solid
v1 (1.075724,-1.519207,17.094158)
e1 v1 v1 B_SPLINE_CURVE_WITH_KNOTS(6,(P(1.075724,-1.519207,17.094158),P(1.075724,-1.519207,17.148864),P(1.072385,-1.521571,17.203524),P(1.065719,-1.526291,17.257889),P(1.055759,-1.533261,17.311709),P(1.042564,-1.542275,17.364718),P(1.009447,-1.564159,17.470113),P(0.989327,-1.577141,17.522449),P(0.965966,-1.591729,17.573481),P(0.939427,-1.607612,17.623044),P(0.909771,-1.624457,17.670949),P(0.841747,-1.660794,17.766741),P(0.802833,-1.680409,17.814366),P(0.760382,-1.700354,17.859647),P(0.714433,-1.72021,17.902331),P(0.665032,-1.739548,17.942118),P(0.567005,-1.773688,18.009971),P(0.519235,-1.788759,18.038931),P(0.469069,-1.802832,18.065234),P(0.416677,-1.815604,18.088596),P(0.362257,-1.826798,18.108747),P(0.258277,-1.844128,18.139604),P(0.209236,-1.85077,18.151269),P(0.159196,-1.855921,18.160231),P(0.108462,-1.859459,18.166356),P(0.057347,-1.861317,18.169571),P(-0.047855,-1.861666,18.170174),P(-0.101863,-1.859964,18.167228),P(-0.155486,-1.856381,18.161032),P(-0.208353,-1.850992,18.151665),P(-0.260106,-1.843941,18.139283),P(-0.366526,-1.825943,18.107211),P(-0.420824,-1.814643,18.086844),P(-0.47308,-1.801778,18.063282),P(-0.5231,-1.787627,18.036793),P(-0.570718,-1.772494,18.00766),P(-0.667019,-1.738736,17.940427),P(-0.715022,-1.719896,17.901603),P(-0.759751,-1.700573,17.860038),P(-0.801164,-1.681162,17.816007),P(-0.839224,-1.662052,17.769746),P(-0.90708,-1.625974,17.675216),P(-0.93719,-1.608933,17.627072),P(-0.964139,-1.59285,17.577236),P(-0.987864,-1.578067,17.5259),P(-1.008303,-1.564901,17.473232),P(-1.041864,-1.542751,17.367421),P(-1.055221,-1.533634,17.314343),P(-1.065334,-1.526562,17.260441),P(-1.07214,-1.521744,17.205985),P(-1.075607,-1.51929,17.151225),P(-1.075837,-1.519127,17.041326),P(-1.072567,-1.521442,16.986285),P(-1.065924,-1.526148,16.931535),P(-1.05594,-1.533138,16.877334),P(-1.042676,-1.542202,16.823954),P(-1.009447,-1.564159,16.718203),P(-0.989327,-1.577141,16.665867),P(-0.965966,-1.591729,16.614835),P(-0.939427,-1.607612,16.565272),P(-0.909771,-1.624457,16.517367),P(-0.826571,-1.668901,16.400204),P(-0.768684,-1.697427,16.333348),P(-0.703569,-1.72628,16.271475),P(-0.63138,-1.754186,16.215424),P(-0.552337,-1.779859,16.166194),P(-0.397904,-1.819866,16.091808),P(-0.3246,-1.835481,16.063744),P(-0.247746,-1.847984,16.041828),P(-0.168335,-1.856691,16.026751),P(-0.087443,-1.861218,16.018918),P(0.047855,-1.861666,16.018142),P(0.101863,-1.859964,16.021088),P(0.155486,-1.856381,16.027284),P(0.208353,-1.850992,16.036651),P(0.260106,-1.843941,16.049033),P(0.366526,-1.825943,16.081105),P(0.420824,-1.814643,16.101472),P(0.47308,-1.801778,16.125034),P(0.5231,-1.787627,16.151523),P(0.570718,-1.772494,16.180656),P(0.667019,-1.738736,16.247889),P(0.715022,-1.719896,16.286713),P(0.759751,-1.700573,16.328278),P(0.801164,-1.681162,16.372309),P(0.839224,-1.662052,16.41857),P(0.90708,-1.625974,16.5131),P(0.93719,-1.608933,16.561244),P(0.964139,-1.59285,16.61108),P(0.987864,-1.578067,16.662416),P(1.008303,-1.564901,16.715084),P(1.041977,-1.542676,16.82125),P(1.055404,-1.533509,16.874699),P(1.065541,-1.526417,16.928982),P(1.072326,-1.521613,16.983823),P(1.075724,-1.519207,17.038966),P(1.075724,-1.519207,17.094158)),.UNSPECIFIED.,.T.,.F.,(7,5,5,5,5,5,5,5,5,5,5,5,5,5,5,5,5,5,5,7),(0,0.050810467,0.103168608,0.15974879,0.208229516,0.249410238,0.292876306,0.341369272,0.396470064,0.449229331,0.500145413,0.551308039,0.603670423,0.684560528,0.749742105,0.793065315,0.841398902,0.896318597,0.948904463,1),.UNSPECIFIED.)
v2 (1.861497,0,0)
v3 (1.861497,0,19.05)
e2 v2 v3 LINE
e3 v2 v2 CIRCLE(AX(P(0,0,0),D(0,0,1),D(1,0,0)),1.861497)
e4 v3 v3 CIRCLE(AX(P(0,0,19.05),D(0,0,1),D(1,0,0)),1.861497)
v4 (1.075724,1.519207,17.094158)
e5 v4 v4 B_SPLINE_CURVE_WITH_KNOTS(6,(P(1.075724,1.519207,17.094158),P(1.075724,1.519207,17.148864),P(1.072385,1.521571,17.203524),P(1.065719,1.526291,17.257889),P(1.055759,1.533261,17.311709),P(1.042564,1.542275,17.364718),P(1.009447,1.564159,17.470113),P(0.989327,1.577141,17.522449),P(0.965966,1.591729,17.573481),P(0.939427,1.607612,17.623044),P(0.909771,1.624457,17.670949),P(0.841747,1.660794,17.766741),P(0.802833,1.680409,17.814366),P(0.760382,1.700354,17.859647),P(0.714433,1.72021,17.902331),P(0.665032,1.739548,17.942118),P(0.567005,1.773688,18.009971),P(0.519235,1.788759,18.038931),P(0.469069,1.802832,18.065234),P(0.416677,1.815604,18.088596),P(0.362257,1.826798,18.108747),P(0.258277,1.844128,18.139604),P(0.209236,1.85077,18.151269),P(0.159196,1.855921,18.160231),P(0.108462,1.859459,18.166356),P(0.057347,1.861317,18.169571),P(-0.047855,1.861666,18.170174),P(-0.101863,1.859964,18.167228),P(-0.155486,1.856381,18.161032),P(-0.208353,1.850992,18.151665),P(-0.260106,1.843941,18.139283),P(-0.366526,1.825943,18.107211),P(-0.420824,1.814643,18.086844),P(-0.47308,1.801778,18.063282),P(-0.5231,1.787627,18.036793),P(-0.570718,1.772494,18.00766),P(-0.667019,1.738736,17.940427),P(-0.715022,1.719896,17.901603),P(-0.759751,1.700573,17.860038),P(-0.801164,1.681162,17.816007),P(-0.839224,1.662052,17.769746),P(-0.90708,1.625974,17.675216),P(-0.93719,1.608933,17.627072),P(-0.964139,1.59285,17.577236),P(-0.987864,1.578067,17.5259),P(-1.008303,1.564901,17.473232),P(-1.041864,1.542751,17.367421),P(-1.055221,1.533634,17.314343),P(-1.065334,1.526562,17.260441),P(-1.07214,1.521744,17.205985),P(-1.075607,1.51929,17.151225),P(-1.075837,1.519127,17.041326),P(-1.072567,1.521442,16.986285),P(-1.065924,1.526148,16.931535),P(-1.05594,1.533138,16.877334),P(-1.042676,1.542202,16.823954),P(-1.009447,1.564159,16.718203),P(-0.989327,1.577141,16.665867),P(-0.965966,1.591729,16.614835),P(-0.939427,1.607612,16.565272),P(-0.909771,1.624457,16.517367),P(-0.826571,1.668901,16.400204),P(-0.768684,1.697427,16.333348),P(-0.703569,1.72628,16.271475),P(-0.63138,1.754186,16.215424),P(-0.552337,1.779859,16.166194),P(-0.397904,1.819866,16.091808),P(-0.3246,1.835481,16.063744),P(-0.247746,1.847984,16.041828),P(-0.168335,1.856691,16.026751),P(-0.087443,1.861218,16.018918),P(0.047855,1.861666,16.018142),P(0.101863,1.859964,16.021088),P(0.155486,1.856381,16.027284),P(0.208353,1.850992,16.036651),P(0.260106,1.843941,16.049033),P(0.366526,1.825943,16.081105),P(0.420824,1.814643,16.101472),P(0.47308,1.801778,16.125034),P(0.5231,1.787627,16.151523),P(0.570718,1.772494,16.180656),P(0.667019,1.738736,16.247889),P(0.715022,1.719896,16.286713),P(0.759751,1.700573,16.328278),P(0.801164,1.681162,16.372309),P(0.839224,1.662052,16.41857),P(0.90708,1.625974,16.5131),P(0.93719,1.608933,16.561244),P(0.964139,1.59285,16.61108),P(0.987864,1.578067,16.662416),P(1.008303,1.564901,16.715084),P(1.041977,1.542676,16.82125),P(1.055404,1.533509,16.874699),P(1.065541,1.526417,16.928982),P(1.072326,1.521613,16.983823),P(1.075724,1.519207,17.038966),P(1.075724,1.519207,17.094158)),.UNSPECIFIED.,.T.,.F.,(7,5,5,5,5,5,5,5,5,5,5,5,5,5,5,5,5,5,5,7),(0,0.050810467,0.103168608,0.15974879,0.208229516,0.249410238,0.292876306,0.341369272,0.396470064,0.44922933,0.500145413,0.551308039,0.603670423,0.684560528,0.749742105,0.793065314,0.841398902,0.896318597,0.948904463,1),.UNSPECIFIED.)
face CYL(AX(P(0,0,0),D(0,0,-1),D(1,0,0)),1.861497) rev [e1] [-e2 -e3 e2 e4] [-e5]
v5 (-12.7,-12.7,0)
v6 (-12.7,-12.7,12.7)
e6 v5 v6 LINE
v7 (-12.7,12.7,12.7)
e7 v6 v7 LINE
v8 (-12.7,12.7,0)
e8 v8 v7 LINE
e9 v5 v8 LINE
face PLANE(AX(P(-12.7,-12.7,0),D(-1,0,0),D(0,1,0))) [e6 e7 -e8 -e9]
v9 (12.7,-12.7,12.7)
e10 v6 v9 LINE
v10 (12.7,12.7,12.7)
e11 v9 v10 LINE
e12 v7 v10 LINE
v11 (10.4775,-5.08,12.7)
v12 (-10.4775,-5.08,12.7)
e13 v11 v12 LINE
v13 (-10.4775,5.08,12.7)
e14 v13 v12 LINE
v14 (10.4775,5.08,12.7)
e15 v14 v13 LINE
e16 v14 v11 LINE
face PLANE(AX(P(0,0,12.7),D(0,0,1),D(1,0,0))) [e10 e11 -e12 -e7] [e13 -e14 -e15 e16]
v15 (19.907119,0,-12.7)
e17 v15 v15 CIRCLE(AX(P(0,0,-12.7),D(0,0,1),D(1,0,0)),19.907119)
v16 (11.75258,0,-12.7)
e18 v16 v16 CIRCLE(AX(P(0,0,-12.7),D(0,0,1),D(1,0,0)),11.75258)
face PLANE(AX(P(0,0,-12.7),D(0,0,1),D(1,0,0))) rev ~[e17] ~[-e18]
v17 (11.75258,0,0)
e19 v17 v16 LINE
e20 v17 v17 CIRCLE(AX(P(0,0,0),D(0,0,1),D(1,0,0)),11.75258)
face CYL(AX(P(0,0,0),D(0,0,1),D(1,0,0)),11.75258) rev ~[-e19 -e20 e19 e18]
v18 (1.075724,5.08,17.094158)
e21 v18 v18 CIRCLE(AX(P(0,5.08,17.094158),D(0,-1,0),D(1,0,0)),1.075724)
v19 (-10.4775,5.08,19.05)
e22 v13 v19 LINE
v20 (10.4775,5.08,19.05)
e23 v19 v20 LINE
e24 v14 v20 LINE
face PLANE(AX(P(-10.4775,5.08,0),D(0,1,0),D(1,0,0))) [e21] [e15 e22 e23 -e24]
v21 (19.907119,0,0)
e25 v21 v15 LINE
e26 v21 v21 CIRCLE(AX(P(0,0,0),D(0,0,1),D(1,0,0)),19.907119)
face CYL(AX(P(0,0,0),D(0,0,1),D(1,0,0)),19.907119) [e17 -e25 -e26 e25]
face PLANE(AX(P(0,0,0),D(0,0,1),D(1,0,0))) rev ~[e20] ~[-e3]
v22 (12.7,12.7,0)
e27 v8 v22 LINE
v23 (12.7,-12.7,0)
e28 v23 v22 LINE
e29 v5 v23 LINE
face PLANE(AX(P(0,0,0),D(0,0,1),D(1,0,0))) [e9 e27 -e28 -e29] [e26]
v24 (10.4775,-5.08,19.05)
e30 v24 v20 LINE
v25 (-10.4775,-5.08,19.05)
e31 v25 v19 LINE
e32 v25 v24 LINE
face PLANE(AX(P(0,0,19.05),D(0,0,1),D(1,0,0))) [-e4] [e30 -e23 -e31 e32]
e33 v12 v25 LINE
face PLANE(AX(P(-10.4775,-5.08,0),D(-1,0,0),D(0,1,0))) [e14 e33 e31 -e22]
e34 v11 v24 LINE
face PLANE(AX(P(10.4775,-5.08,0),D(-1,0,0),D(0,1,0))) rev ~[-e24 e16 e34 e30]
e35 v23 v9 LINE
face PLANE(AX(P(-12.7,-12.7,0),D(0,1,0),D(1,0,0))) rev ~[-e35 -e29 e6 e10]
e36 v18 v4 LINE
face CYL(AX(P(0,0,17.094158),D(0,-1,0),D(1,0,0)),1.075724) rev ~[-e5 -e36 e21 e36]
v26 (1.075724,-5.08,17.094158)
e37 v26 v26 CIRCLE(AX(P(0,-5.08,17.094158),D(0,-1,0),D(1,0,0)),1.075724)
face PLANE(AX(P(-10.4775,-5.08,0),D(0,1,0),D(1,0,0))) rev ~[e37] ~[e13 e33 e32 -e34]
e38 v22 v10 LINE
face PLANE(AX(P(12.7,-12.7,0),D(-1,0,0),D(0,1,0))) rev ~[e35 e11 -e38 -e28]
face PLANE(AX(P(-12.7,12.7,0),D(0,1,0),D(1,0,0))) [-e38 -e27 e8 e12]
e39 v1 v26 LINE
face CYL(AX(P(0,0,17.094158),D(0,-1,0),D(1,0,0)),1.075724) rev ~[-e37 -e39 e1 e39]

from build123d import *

# Parameters (mm, degrees)
F1_R      = 19.907119
F2_DEPTH  = 12.7
F0_R      = 11.75258
F3_DEPTH  = 12.7
F4_W      = 25.4
F4_H      = 25.4
F5_DEPTH  = 12.7
F6_W      = 20.955
F6_H      = 10.16
F7_DEPTH  = 19.05
F8_R      = 1.075724
F9_DEPTH  = 5.715
F10_R     = 1.861497
F11_DEPTH = 19.05


with BuildPart() as f2:
    # F1 (on Top) → F2 (new body)
    with BuildSketch(Plane.XY):
        Circle(F1_R)
    extrude(amount=-F2_DEPTH)

    # F0 (on Top) → F3 (cut)
    with BuildSketch(Plane.XY):
        Circle(F0_R)
    extrude(amount=-F3_DEPTH, mode=Mode.SUBTRACT)

    # F4 (on Top) → F5 (join)
    with BuildSketch(Plane.XY):
        Rectangle(F4_W, F4_H)
    extrude(amount=F5_DEPTH)

    # F6 (on Top) → F7 (join)
    with BuildSketch(Plane.XY):
        Rectangle(F6_W, F6_H)
    extrude(amount=F7_DEPTH)

    # F8 (on Front) → F9 (cut, symmetric)
    with BuildSketch(Plane.XZ):
        with Locations((0, 17.094158)):
            Circle(F8_R)
    extrude(amount=F9_DEPTH, both=True, mode=Mode.SUBTRACT)

    # F10 (on Top) → F11 (cut)
    with BuildSketch(Plane.XY):
        Circle(F10_R)
    extrude(amount=F11_DEPTH, mode=Mode.SUBTRACT)


solid = f2.part
